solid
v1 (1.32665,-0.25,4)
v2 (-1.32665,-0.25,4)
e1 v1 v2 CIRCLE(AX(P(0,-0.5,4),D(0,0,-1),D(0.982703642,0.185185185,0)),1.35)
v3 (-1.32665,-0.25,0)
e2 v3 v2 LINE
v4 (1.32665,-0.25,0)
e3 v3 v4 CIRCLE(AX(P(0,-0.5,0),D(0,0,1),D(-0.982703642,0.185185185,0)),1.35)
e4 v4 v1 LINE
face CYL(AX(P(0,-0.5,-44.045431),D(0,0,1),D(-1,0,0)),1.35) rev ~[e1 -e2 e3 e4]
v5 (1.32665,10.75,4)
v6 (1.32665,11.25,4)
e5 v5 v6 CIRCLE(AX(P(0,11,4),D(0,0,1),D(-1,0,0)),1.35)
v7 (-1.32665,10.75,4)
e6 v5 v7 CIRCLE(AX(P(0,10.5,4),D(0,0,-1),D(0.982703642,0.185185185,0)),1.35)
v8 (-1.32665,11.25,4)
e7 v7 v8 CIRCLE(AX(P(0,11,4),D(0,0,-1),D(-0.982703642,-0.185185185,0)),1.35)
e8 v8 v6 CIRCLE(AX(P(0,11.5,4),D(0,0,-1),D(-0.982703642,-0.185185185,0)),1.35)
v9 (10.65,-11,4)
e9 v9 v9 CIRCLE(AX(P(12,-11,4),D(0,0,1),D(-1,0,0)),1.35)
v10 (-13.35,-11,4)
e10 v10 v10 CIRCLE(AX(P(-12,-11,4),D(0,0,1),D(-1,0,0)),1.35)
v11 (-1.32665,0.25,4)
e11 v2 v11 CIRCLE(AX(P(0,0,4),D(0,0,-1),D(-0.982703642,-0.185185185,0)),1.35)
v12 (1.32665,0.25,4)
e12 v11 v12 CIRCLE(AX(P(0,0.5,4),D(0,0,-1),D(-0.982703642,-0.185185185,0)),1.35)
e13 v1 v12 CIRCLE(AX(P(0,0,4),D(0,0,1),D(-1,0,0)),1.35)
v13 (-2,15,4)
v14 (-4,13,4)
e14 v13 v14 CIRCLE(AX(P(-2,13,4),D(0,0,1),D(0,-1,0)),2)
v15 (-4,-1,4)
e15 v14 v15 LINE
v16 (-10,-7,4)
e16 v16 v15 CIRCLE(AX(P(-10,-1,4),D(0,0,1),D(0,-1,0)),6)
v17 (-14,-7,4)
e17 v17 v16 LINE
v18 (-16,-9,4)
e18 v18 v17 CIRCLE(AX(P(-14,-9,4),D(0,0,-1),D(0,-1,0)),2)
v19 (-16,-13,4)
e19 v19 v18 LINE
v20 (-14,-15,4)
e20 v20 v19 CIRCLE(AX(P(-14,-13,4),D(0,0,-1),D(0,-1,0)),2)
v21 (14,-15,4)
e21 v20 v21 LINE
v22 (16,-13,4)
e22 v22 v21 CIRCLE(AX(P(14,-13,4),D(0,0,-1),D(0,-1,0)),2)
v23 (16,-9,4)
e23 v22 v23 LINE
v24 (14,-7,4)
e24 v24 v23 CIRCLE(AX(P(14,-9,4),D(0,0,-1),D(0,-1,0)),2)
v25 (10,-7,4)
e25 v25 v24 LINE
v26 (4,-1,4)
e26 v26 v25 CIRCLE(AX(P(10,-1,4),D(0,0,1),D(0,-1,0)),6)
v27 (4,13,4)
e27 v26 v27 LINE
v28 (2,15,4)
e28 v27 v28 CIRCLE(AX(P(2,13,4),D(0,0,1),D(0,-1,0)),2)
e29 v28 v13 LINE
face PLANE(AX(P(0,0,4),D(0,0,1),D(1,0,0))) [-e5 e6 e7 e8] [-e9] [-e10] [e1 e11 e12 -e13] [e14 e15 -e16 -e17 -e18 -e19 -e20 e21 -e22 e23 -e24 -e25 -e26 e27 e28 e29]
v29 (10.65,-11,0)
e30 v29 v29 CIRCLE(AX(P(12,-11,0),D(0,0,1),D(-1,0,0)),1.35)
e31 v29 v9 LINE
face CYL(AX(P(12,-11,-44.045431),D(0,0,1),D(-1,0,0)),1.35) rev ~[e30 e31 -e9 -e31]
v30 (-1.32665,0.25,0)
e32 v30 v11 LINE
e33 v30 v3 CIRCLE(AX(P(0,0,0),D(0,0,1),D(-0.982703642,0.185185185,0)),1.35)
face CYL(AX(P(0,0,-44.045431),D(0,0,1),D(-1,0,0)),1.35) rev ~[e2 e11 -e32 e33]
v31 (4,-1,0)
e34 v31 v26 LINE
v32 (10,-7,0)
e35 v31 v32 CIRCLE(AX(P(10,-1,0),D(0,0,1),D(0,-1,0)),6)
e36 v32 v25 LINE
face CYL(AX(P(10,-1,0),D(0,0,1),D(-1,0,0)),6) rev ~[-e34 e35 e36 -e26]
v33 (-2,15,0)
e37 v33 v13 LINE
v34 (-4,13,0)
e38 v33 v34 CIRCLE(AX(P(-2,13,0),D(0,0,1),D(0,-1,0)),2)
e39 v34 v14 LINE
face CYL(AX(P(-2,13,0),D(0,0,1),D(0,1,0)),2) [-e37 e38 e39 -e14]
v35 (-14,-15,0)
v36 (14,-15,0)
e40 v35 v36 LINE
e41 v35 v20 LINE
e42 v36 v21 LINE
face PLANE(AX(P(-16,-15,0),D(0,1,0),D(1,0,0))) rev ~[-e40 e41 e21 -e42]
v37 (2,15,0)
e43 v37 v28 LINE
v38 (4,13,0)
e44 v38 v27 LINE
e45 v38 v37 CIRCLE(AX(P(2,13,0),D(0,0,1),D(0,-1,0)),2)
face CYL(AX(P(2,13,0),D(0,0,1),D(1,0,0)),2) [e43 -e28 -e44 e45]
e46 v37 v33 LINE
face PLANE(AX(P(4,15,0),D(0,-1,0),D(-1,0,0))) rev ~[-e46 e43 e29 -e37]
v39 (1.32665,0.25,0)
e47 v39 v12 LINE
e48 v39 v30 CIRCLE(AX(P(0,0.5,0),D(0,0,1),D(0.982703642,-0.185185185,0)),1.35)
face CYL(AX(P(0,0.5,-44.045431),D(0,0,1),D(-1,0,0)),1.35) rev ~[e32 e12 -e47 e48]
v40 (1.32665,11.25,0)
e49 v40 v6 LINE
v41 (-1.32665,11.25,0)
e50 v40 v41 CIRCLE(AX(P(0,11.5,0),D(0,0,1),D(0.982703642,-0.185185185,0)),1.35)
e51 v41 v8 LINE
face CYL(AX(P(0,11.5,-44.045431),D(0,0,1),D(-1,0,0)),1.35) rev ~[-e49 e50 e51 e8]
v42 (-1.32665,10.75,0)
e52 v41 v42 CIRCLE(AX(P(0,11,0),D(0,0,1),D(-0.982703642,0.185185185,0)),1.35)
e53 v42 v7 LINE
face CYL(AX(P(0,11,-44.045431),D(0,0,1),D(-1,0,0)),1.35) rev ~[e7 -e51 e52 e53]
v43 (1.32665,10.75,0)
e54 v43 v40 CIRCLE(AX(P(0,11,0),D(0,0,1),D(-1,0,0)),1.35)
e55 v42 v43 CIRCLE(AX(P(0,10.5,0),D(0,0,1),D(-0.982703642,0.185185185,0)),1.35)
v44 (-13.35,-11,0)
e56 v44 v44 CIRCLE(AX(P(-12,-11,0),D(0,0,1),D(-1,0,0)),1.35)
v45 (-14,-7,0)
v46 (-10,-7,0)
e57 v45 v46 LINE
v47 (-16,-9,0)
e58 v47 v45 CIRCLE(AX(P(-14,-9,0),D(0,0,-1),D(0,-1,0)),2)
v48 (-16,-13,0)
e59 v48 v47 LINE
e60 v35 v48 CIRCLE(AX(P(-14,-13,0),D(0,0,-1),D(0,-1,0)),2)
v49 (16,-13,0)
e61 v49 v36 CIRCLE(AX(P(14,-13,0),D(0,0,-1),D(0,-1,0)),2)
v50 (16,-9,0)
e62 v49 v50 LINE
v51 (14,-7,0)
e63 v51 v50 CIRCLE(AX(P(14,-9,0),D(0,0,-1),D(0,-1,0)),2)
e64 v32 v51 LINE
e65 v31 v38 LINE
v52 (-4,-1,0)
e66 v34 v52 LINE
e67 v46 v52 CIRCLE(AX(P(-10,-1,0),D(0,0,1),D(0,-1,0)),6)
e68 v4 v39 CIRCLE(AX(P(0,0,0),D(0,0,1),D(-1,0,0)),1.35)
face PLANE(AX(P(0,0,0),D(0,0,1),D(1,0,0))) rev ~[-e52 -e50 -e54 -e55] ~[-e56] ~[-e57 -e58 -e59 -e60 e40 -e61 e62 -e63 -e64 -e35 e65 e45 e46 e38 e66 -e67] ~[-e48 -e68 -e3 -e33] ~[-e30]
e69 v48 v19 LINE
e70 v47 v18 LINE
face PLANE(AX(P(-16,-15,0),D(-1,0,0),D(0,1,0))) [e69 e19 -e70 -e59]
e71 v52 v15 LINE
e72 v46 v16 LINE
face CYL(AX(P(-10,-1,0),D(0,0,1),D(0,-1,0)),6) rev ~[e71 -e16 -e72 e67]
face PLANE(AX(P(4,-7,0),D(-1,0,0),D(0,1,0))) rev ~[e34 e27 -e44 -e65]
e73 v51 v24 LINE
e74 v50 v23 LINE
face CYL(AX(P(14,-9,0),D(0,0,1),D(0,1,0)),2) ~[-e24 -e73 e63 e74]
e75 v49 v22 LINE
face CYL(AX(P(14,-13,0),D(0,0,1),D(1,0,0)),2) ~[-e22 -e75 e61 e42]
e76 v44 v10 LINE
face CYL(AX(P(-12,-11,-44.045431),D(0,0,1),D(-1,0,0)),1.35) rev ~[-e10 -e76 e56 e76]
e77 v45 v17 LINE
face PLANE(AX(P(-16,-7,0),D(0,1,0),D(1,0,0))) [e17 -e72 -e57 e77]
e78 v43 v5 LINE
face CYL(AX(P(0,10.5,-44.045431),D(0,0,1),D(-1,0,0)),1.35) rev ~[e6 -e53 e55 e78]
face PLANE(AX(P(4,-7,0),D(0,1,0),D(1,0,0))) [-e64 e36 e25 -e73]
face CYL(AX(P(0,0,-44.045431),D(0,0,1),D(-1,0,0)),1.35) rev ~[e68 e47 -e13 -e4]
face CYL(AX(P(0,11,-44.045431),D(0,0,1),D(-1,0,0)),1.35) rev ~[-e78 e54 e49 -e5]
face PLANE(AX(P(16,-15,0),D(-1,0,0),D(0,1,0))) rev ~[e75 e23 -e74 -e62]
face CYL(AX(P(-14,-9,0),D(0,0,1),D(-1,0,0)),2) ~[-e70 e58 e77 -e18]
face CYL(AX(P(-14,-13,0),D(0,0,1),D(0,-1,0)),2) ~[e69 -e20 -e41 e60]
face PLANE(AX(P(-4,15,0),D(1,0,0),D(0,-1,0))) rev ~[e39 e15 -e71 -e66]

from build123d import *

# Parameters (mm, degrees)
F0_W     = 12
F0_H     = 8
F1_DEPTH = 4
F2_D     = 2.7
F3_R     = 6
F4_R     = 2


with BuildPart() as f1:
    # F0 (on Top) → F1 (new body)
    with BuildSketch(Plane.XY):
        Polygon((-4, -15), (4, -15), (4, -7), (4, 15), (-4, 15), (-4, -7), align=None)
        with Locations((10, -11)):
            Rectangle(F0_W, F0_H)
        with Locations((-10, -11)):
            Rectangle(F0_W, F0_H)
    extrude(amount=F1_DEPTH)

    # F2 (through all)
    with Locations(Plane(origin=(0, 0, 0), x_dir=(1, 0, 0), z_dir=(0, 0, -1))):
        with Locations((0, -11), (12, 11), (0, 0), (-12, 11), (0, -10.5), (0, -11.5), (0, -0.5), (0, 0.5)):
            Hole(F2_D / 2)

    # F3
    f3_edges = [f1.edges().sort_by_distance(p)[0] for p in [
        (-4, -7, 2),
        (4, -7, 2),
    ]]
    fillet(f3_edges, radius=F3_R)

    # F4
    f4_edges = [f1.edges().sort_by_distance(p)[0] for p in [
        (-4, 15, 2),
        (4, 15, 2),
        (16, -7, 2),
        (16, -15, 2),
        (-16, -7, 2),
        (-16, -15, 2),
    ]]
    fillet(f4_edges, radius=F4_R)


solid = f1.part
